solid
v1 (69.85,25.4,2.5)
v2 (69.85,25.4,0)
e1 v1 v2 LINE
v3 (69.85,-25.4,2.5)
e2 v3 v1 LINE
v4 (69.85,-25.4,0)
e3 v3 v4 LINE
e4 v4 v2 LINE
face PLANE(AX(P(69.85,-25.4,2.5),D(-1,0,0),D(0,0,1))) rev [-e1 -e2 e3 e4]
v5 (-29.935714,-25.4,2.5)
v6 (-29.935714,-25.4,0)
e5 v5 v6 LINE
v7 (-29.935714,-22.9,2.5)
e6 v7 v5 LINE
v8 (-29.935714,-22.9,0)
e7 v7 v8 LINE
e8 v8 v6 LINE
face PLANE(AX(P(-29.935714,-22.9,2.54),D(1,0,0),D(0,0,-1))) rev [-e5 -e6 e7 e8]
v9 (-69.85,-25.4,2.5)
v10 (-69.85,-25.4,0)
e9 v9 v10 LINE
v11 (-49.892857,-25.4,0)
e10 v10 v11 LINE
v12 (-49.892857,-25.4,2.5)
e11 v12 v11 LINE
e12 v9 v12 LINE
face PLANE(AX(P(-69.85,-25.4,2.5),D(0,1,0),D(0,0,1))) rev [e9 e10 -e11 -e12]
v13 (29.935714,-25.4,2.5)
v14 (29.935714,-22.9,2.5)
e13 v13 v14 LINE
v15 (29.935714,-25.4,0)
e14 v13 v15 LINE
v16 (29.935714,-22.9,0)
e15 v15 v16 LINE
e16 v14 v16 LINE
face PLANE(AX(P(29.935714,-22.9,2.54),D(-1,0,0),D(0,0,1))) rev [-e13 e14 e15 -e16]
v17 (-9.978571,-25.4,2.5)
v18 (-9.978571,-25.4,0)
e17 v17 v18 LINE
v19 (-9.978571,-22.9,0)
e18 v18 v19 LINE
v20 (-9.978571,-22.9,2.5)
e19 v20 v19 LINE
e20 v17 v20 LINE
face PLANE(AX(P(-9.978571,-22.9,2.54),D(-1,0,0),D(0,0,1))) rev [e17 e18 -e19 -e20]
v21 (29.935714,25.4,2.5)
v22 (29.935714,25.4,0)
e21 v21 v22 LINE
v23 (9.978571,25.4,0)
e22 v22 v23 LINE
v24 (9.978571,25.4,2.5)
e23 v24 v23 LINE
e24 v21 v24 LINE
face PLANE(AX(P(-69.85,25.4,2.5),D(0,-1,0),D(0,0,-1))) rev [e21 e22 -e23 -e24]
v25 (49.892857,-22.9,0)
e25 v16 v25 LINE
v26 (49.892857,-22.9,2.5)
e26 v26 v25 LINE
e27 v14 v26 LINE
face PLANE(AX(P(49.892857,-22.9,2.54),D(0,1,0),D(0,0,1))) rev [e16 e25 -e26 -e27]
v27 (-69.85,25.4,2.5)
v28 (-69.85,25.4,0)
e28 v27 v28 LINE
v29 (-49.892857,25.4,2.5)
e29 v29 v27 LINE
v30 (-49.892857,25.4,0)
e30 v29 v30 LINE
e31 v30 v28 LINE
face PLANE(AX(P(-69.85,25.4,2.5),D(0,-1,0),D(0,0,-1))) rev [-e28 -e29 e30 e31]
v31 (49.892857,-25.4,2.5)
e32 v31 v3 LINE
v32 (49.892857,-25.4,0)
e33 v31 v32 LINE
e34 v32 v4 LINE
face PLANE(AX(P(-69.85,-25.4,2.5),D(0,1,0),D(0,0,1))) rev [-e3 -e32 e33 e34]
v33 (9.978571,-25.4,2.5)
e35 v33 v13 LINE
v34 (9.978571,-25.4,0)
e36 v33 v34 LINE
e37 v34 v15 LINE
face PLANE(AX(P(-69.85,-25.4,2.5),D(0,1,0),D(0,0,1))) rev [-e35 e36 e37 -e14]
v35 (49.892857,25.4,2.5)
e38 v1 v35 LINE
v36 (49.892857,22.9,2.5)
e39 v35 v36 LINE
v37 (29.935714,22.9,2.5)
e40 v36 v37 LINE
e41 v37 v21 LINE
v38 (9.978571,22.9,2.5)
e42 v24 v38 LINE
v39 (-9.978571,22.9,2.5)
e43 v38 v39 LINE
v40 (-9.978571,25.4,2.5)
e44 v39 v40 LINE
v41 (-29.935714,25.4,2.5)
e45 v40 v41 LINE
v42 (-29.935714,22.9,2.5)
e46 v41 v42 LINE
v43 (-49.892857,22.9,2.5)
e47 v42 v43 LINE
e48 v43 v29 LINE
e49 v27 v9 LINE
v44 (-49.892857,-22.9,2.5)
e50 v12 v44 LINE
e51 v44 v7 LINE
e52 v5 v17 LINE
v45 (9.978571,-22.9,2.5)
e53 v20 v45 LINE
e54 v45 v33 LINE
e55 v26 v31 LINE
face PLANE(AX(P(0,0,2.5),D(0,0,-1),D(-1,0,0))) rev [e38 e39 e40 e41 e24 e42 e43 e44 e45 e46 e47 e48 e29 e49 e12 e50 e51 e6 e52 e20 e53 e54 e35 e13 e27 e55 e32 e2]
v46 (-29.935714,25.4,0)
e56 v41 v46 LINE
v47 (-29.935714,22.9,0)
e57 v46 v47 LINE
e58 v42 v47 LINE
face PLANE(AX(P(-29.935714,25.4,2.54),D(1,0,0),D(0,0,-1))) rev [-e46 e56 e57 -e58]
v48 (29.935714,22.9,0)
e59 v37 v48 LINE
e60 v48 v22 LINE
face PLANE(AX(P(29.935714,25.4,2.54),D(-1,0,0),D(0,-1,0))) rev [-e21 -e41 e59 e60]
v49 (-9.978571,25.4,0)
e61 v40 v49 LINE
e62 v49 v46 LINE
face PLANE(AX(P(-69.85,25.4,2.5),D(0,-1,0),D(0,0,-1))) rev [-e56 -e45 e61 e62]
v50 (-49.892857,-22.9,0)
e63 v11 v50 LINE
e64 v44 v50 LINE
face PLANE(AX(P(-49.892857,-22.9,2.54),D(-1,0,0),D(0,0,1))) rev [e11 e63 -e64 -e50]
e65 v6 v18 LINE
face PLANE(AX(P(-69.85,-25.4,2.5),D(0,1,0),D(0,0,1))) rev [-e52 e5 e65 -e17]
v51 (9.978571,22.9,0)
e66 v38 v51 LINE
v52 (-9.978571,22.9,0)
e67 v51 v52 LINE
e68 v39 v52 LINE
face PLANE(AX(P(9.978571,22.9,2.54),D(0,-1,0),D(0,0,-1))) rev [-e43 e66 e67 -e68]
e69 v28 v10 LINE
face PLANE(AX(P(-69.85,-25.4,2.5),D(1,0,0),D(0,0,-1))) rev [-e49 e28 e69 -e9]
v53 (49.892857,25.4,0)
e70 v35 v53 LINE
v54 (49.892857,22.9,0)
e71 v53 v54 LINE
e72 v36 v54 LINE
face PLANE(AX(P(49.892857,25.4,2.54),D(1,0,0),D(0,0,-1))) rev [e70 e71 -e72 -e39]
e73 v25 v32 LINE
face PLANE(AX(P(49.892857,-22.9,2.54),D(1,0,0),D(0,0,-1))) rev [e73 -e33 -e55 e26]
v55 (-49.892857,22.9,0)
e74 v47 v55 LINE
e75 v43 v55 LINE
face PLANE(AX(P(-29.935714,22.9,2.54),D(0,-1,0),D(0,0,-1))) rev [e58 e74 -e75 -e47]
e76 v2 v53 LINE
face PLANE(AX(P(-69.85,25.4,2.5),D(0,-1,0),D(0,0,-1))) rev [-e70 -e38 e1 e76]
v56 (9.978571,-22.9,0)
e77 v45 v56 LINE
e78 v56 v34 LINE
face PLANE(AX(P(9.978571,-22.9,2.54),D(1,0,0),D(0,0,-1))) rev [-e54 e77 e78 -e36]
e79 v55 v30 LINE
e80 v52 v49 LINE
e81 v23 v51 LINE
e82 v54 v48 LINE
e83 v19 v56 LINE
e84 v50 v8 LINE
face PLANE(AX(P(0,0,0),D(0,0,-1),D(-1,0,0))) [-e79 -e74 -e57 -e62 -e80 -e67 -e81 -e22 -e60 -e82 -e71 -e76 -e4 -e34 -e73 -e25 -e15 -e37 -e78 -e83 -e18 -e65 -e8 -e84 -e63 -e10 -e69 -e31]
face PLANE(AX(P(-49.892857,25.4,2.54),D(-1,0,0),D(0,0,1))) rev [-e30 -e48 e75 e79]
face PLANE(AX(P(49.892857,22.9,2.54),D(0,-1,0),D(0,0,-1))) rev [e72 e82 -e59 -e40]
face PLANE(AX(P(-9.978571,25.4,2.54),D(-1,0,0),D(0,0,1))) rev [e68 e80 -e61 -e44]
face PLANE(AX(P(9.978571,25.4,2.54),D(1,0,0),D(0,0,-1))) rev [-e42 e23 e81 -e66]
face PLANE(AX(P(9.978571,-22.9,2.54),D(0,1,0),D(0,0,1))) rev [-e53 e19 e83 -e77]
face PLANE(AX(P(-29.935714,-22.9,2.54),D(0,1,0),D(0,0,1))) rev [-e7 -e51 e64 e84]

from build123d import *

# Parameters (mm, degrees)
SKETCH1_W           = 139.7
SKETCH1_H           = 50.8
BOSS_EXTRUDE1_DEPTH = 2.5
SKETCH3_W           = 19.957142857
SKETCH3_H           = 2.5
SKETCH3_W_2         = 19.957142858
CUT_EXTRUDE2_DEPTH  = 2.54


with BuildPart() as part:
    # Sketch1 → Boss-Extrude1 (new body)
    with BuildSketch(Plane.XY):
        Rectangle(SKETCH1_W, SKETCH1_H)
    extrude(amount=BOSS_EXTRUDE1_DEPTH)

    # Sketch3 → Cut-Extrude2 (cut)
    with BuildSketch(Plane(origin=(0, 0, 0), x_dir=(-1, 0, 0), z_dir=(0, 0, -1))):
        with Locations((-39.914285715, 24.15)):
            Rectangle(SKETCH3_W, SKETCH3_H)
        with Locations((0, 24.15)):
            Rectangle(SKETCH3_W_2, SKETCH3_H)
        with Locations((39.914285715, 24.15)):
            Rectangle(SKETCH3_W, SKETCH3_H)
        with Locations((-39.914285715, -24.15)):
            Rectangle(SKETCH3_W, SKETCH3_H)
        with Locations((0, -24.15)):
            Rectangle(SKETCH3_W_2, SKETCH3_H)
        with Locations((39.914285715, -24.15)):
            Rectangle(SKETCH3_W, SKETCH3_H)
    extrude(amount=-CUT_EXTRUDE2_DEPTH, mode=Mode.SUBTRACT)


solid = part.part
